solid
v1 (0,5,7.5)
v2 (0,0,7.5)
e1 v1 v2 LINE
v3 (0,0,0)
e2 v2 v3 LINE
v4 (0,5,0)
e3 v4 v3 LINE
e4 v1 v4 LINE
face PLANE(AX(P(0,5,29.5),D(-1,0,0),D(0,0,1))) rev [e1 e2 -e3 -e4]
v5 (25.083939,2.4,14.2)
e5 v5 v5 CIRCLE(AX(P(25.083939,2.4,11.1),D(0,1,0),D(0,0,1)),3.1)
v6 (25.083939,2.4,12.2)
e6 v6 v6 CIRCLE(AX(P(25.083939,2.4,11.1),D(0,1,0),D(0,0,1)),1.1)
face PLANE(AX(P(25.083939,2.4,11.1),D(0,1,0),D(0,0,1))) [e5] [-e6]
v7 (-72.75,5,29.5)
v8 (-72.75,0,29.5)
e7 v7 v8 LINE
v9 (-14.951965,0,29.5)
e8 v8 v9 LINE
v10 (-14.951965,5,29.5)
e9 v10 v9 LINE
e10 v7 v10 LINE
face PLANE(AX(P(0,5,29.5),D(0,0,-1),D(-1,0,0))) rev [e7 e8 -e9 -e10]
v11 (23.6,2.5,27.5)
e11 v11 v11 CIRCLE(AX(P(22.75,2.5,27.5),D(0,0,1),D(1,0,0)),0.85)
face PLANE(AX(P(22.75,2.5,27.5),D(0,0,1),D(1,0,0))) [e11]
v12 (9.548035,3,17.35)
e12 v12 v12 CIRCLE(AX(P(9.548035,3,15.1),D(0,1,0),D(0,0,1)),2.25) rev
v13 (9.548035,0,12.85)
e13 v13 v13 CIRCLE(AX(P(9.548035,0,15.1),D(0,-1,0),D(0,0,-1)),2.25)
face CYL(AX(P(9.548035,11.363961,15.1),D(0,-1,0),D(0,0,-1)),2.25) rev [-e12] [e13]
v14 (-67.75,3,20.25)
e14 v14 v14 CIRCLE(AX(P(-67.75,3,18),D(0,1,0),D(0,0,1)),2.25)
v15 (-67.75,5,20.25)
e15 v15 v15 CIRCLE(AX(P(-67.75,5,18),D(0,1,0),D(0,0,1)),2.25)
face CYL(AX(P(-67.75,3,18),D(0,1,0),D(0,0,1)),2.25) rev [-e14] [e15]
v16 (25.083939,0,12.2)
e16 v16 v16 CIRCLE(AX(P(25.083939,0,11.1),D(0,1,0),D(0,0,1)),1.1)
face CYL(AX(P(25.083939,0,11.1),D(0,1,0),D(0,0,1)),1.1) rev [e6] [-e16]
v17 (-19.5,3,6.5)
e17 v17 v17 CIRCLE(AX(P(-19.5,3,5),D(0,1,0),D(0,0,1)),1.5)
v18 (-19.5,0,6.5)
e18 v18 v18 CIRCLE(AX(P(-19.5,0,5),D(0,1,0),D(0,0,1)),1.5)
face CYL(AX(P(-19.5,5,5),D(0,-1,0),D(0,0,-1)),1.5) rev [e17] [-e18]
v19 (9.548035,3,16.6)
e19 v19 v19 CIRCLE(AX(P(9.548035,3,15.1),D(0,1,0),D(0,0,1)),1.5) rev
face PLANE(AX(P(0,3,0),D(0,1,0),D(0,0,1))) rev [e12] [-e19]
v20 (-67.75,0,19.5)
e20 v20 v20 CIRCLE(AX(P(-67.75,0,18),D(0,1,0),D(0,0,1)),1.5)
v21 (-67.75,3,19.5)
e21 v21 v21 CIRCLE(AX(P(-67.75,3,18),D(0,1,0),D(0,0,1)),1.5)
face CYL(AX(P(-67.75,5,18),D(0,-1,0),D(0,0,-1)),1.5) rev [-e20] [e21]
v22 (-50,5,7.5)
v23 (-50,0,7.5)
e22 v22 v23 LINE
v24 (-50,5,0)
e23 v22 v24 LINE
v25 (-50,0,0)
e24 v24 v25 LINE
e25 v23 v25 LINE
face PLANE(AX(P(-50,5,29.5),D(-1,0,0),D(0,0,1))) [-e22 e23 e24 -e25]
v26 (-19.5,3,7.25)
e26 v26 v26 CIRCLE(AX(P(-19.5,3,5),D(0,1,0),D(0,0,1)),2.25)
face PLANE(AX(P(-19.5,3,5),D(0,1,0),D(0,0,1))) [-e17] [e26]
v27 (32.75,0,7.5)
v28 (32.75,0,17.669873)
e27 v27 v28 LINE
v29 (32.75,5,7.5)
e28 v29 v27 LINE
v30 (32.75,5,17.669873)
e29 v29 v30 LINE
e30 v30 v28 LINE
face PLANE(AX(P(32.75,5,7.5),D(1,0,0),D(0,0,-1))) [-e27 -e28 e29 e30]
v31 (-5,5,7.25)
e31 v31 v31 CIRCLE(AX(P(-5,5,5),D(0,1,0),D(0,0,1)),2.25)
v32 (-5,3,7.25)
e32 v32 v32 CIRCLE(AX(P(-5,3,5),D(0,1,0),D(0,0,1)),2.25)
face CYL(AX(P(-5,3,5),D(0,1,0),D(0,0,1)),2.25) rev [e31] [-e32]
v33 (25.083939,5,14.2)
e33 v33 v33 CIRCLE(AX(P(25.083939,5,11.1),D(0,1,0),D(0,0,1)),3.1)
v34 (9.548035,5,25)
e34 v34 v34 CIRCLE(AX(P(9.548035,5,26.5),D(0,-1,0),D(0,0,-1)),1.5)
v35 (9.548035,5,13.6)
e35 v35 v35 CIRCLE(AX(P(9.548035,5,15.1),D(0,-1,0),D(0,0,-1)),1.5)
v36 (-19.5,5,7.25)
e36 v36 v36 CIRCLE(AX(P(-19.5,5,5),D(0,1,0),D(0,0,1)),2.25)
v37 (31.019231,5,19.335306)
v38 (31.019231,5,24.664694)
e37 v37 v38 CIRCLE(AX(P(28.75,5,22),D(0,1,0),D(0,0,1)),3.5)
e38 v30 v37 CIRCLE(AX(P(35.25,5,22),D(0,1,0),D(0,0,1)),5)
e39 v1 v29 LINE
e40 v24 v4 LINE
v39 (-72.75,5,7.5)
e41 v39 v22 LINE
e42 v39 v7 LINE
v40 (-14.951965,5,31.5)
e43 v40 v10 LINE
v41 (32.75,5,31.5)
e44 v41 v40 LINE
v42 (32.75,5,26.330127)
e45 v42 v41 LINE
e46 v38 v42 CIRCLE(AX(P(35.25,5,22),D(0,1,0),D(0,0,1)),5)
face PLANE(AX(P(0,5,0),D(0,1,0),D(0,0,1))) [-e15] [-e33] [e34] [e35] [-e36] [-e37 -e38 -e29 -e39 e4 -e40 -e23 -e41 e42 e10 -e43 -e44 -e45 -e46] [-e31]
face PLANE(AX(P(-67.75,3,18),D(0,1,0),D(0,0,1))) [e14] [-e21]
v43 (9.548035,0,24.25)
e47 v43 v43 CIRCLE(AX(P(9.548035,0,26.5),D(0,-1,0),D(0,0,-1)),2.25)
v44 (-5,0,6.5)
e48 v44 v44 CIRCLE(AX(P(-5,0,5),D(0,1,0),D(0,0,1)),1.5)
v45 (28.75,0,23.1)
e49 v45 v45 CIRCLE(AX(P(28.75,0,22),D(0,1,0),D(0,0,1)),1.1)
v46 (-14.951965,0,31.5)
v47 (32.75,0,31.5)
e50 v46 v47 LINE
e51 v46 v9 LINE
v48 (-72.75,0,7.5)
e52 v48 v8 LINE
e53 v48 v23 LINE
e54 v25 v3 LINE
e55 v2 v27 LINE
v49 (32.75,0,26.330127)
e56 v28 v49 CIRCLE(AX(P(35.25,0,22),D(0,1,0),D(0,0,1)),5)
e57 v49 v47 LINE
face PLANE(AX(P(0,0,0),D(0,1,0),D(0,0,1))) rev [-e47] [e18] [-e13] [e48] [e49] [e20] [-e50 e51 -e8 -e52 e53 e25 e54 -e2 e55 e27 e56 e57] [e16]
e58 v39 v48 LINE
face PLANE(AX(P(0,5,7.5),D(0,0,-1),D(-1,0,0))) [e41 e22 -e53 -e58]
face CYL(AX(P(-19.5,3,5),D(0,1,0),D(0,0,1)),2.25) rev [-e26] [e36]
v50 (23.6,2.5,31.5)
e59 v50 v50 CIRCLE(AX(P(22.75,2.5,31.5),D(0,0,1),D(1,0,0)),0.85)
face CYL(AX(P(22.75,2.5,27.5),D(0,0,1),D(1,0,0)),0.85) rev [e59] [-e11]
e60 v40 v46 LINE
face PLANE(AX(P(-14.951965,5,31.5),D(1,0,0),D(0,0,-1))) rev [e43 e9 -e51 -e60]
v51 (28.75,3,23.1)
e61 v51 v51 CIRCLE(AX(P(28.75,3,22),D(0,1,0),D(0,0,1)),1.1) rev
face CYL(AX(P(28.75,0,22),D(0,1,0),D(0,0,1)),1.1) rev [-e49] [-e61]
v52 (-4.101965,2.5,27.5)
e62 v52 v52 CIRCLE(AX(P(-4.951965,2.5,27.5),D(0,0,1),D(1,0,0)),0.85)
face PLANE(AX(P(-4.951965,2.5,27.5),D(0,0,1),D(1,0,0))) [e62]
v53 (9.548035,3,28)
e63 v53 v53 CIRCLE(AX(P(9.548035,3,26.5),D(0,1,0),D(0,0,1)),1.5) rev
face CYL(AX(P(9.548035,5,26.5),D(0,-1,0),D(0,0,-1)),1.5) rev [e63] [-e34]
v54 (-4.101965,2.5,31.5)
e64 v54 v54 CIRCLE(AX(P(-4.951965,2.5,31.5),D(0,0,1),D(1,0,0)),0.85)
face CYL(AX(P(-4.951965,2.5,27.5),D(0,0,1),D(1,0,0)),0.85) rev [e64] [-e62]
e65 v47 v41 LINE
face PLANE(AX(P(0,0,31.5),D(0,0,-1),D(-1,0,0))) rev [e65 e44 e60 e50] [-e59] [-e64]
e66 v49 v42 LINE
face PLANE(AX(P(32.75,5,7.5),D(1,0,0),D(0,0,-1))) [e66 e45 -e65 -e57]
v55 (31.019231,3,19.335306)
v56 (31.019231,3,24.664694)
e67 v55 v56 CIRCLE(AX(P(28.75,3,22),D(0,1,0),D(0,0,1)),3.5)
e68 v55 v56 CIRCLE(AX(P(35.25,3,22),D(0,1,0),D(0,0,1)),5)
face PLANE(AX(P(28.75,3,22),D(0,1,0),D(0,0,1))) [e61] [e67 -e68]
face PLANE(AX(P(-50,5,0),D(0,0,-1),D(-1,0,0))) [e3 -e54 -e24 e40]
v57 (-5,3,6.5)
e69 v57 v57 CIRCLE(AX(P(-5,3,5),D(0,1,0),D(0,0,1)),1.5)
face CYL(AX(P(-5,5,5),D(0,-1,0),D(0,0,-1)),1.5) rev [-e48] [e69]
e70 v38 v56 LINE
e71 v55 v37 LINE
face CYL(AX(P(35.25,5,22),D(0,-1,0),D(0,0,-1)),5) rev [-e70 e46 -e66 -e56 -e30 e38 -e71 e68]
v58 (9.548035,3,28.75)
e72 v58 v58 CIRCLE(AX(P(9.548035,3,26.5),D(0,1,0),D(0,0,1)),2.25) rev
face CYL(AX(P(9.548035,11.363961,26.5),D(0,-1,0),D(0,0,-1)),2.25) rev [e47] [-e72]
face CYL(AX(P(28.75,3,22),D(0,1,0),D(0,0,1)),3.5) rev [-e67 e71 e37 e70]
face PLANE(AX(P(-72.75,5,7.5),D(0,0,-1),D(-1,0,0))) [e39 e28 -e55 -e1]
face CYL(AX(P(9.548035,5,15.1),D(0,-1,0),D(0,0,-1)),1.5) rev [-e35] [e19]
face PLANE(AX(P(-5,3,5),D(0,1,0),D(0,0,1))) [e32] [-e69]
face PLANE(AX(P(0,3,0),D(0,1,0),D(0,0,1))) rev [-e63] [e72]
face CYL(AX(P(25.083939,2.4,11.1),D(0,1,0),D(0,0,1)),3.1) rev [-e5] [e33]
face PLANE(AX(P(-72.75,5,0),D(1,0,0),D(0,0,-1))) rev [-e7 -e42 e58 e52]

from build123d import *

# Parameters (mm, degrees)
EXTRUDE_1_DEPTH      = 5
SKETCH_1_20_R        = 1.5
CUT_EXTRUDE_2_DEPTH  = 79.662649968
CUT_EXTRUDE_START    = 5
SKETCH_1_22_R        = 2.25
CUT_EXTRUDE_3_DEPTH  = 2
SKETCH_1_23_R        = 3.1
CUT_EXTRUDE_4_DEPTH  = 2.6
SKETCH_1_24_R        = 1.1
CUT_EXTRUDE_6_DEPTH  = 84.662649968
SKETCH_4_R           = 1.5
CUT_EXTRUDE_7_DEPTH  = 79.662649968
SKETCH_4_3_R         = 2.25
CUT_EXTRUDE_8_DEPTH  = 3
SKETCH_5_W           = 47.701964887
SKETCH_5_H           = 5
EXTRUDE_2_DEPTH      = 2
SKETCH_6_R           = 0.85
CUT_EXTRUDE_9_DEPTH  = 4
SKETCH_1_25_R        = 5
CUT_EXTRUDE_12_DEPTH = 80.434328221
SKETCH_1_26_R        = 3.5
CUT_EXTRUDE_13_DEPTH = 2


with BuildPart() as part:
    # 草图1 → 凸台-拉伸1 (new body)
    with BuildSketch(Plane(origin=(0, 0, 0), x_dir=(1, 0, 0), z_dir=(0, 1, 0))):
        Polygon((-72.75, -7.5), (-72.75, -29.5), (32.75, -29.5), (32.75, -7.5), (0, -7.5), (0, 0), (-50, 0), (-50, -7.5), align=None)
    extrude(amount=EXTRUDE_1_DEPTH)

    # 草图1<20> → 切除-拉伸2 (cut, through all)
    with BuildSketch(Plane(origin=(0, 0, 0), x_dir=(1, 0, 0), z_dir=(0, 1, 0))):
        with Locations(Location((-19.5, -5, 0), (0, 0, 270))):
            Circle(SKETCH_1_20_R)
        with Locations(Location((-5, -5, 0), (0, 0, 270))):
            Circle(SKETCH_1_20_R)
        with Locations(Location((-67.75, -18, 0), (0, 0, 270))):
            Circle(SKETCH_1_20_R)
    extrude(amount=CUT_EXTRUDE_2_DEPTH, mode=Mode.SUBTRACT)

    # 草图1<22> → 切除-拉伸3 (cut)
    with BuildSketch(Plane(origin=(0, 0, 0), x_dir=(1, 0, 0), z_dir=(0, 1, 0)).offset(CUT_EXTRUDE_START)):
        with Locations(Location((-19.5, -5, 0), (0, 0, 270))):
            Circle(SKETCH_1_22_R)
        with Locations(Location((-5, -5, 0), (0, 0, 270))):
            Circle(SKETCH_1_22_R)
        with Locations(Location((-67.75, -18, 0), (0, 0, 270))):
            Circle(SKETCH_1_22_R)
    extrude(amount=-CUT_EXTRUDE_3_DEPTH, mode=Mode.SUBTRACT)

    # 草图1<23> → 切除-拉伸4 (cut)
    with BuildSketch(Plane(origin=(0, 0, 0), x_dir=(1, 0, 0), z_dir=(0, 1, 0)).offset(CUT_EXTRUDE_START)):
        with Locations(Location((25.083939444, -11.1, 0), (0, 0, 270))):
            Circle(SKETCH_1_23_R)
    extrude(amount=-CUT_EXTRUDE_4_DEPTH, mode=Mode.SUBTRACT)

    # 草图1<24> → 切除-拉伸6 (cut, through all)
    with BuildSketch(Plane(origin=(0, 0, 0), x_dir=(1, 0, 0), z_dir=(0, 1, 0)).offset(CUT_EXTRUDE_START)):
        with Locations(Location((28.75, -22, 0), (0, 0, 270))):
            Circle(SKETCH_1_24_R)
        with Locations(Location((25.083939444, -11.1, 0), (0, 0, 270))):
            Circle(SKETCH_1_24_R)
    extrude(amount=-CUT_EXTRUDE_6_DEPTH, mode=Mode.SUBTRACT)

    # 草图4 → 切除-拉伸7 (cut, through all)
    with BuildSketch(Plane.XZ):
        with Locations(Location((9.548035113, 15.1, 0), (0, 0, 270))):
            Circle(SKETCH_4_R)
        with Locations(Location((9.548035113, 26.5, 0), (0, 0, 270))):
            Circle(SKETCH_4_R)
    extrude(amount=-CUT_EXTRUDE_7_DEPTH, mode=Mode.SUBTRACT)

    # 草图4<3> → 切除-拉伸8 (cut)
    with BuildSketch(Plane.XZ):
        with Locations(Location((9.548035113, 15.1, 0), (0, 0, 270))):
            Circle(SKETCH_4_3_R)
        with Locations(Location((9.548035113, 26.5, 0), (0, 0, 270))):
            Circle(SKETCH_4_3_R)
    extrude(amount=-CUT_EXTRUDE_8_DEPTH, mode=Mode.SUBTRACT)

    # 草图5 → 凸台-拉伸2 (add)
    with BuildSketch(Plane.XY.offset(29.5)):
        with Locations((8.899017556, 2.5)):
            Rectangle(SKETCH_5_W, SKETCH_5_H)
    extrude(amount=EXTRUDE_2_DEPTH)

    # 草图6 → 切除-拉伸9 (cut)
    with BuildSketch(Plane.XY.offset(31.5)):
        with Locations((22.75, 2.5)):
            Circle(SKETCH_6_R)
        with Locations((-4.951964887, 2.5)):
            Circle(SKETCH_6_R)
    extrude(amount=-CUT_EXTRUDE_9_DEPTH, mode=Mode.SUBTRACT)

    # 草图1<25> → 切除-拉伸12 (cut, through all)
    with BuildSketch(Plane(origin=(0, 0, 0), x_dir=(1, 0, 0), z_dir=(0, 1, 0))):
        with Locations((35.25, -22)):
            Circle(SKETCH_1_25_R)
    extrude(amount=CUT_EXTRUDE_12_DEPTH, mode=Mode.SUBTRACT)

    # 草图1<26> → 切除-拉伸13 (cut)
    with BuildSketch(Plane(origin=(0, 0, 0), x_dir=(1, 0, 0), z_dir=(0, 1, 0)).offset(CUT_EXTRUDE_START)):
        with Locations((28.75, -22)):
            Circle(SKETCH_1_26_R)
    extrude(amount=-CUT_EXTRUDE_13_DEPTH, mode=Mode.SUBTRACT)


solid = part.part
